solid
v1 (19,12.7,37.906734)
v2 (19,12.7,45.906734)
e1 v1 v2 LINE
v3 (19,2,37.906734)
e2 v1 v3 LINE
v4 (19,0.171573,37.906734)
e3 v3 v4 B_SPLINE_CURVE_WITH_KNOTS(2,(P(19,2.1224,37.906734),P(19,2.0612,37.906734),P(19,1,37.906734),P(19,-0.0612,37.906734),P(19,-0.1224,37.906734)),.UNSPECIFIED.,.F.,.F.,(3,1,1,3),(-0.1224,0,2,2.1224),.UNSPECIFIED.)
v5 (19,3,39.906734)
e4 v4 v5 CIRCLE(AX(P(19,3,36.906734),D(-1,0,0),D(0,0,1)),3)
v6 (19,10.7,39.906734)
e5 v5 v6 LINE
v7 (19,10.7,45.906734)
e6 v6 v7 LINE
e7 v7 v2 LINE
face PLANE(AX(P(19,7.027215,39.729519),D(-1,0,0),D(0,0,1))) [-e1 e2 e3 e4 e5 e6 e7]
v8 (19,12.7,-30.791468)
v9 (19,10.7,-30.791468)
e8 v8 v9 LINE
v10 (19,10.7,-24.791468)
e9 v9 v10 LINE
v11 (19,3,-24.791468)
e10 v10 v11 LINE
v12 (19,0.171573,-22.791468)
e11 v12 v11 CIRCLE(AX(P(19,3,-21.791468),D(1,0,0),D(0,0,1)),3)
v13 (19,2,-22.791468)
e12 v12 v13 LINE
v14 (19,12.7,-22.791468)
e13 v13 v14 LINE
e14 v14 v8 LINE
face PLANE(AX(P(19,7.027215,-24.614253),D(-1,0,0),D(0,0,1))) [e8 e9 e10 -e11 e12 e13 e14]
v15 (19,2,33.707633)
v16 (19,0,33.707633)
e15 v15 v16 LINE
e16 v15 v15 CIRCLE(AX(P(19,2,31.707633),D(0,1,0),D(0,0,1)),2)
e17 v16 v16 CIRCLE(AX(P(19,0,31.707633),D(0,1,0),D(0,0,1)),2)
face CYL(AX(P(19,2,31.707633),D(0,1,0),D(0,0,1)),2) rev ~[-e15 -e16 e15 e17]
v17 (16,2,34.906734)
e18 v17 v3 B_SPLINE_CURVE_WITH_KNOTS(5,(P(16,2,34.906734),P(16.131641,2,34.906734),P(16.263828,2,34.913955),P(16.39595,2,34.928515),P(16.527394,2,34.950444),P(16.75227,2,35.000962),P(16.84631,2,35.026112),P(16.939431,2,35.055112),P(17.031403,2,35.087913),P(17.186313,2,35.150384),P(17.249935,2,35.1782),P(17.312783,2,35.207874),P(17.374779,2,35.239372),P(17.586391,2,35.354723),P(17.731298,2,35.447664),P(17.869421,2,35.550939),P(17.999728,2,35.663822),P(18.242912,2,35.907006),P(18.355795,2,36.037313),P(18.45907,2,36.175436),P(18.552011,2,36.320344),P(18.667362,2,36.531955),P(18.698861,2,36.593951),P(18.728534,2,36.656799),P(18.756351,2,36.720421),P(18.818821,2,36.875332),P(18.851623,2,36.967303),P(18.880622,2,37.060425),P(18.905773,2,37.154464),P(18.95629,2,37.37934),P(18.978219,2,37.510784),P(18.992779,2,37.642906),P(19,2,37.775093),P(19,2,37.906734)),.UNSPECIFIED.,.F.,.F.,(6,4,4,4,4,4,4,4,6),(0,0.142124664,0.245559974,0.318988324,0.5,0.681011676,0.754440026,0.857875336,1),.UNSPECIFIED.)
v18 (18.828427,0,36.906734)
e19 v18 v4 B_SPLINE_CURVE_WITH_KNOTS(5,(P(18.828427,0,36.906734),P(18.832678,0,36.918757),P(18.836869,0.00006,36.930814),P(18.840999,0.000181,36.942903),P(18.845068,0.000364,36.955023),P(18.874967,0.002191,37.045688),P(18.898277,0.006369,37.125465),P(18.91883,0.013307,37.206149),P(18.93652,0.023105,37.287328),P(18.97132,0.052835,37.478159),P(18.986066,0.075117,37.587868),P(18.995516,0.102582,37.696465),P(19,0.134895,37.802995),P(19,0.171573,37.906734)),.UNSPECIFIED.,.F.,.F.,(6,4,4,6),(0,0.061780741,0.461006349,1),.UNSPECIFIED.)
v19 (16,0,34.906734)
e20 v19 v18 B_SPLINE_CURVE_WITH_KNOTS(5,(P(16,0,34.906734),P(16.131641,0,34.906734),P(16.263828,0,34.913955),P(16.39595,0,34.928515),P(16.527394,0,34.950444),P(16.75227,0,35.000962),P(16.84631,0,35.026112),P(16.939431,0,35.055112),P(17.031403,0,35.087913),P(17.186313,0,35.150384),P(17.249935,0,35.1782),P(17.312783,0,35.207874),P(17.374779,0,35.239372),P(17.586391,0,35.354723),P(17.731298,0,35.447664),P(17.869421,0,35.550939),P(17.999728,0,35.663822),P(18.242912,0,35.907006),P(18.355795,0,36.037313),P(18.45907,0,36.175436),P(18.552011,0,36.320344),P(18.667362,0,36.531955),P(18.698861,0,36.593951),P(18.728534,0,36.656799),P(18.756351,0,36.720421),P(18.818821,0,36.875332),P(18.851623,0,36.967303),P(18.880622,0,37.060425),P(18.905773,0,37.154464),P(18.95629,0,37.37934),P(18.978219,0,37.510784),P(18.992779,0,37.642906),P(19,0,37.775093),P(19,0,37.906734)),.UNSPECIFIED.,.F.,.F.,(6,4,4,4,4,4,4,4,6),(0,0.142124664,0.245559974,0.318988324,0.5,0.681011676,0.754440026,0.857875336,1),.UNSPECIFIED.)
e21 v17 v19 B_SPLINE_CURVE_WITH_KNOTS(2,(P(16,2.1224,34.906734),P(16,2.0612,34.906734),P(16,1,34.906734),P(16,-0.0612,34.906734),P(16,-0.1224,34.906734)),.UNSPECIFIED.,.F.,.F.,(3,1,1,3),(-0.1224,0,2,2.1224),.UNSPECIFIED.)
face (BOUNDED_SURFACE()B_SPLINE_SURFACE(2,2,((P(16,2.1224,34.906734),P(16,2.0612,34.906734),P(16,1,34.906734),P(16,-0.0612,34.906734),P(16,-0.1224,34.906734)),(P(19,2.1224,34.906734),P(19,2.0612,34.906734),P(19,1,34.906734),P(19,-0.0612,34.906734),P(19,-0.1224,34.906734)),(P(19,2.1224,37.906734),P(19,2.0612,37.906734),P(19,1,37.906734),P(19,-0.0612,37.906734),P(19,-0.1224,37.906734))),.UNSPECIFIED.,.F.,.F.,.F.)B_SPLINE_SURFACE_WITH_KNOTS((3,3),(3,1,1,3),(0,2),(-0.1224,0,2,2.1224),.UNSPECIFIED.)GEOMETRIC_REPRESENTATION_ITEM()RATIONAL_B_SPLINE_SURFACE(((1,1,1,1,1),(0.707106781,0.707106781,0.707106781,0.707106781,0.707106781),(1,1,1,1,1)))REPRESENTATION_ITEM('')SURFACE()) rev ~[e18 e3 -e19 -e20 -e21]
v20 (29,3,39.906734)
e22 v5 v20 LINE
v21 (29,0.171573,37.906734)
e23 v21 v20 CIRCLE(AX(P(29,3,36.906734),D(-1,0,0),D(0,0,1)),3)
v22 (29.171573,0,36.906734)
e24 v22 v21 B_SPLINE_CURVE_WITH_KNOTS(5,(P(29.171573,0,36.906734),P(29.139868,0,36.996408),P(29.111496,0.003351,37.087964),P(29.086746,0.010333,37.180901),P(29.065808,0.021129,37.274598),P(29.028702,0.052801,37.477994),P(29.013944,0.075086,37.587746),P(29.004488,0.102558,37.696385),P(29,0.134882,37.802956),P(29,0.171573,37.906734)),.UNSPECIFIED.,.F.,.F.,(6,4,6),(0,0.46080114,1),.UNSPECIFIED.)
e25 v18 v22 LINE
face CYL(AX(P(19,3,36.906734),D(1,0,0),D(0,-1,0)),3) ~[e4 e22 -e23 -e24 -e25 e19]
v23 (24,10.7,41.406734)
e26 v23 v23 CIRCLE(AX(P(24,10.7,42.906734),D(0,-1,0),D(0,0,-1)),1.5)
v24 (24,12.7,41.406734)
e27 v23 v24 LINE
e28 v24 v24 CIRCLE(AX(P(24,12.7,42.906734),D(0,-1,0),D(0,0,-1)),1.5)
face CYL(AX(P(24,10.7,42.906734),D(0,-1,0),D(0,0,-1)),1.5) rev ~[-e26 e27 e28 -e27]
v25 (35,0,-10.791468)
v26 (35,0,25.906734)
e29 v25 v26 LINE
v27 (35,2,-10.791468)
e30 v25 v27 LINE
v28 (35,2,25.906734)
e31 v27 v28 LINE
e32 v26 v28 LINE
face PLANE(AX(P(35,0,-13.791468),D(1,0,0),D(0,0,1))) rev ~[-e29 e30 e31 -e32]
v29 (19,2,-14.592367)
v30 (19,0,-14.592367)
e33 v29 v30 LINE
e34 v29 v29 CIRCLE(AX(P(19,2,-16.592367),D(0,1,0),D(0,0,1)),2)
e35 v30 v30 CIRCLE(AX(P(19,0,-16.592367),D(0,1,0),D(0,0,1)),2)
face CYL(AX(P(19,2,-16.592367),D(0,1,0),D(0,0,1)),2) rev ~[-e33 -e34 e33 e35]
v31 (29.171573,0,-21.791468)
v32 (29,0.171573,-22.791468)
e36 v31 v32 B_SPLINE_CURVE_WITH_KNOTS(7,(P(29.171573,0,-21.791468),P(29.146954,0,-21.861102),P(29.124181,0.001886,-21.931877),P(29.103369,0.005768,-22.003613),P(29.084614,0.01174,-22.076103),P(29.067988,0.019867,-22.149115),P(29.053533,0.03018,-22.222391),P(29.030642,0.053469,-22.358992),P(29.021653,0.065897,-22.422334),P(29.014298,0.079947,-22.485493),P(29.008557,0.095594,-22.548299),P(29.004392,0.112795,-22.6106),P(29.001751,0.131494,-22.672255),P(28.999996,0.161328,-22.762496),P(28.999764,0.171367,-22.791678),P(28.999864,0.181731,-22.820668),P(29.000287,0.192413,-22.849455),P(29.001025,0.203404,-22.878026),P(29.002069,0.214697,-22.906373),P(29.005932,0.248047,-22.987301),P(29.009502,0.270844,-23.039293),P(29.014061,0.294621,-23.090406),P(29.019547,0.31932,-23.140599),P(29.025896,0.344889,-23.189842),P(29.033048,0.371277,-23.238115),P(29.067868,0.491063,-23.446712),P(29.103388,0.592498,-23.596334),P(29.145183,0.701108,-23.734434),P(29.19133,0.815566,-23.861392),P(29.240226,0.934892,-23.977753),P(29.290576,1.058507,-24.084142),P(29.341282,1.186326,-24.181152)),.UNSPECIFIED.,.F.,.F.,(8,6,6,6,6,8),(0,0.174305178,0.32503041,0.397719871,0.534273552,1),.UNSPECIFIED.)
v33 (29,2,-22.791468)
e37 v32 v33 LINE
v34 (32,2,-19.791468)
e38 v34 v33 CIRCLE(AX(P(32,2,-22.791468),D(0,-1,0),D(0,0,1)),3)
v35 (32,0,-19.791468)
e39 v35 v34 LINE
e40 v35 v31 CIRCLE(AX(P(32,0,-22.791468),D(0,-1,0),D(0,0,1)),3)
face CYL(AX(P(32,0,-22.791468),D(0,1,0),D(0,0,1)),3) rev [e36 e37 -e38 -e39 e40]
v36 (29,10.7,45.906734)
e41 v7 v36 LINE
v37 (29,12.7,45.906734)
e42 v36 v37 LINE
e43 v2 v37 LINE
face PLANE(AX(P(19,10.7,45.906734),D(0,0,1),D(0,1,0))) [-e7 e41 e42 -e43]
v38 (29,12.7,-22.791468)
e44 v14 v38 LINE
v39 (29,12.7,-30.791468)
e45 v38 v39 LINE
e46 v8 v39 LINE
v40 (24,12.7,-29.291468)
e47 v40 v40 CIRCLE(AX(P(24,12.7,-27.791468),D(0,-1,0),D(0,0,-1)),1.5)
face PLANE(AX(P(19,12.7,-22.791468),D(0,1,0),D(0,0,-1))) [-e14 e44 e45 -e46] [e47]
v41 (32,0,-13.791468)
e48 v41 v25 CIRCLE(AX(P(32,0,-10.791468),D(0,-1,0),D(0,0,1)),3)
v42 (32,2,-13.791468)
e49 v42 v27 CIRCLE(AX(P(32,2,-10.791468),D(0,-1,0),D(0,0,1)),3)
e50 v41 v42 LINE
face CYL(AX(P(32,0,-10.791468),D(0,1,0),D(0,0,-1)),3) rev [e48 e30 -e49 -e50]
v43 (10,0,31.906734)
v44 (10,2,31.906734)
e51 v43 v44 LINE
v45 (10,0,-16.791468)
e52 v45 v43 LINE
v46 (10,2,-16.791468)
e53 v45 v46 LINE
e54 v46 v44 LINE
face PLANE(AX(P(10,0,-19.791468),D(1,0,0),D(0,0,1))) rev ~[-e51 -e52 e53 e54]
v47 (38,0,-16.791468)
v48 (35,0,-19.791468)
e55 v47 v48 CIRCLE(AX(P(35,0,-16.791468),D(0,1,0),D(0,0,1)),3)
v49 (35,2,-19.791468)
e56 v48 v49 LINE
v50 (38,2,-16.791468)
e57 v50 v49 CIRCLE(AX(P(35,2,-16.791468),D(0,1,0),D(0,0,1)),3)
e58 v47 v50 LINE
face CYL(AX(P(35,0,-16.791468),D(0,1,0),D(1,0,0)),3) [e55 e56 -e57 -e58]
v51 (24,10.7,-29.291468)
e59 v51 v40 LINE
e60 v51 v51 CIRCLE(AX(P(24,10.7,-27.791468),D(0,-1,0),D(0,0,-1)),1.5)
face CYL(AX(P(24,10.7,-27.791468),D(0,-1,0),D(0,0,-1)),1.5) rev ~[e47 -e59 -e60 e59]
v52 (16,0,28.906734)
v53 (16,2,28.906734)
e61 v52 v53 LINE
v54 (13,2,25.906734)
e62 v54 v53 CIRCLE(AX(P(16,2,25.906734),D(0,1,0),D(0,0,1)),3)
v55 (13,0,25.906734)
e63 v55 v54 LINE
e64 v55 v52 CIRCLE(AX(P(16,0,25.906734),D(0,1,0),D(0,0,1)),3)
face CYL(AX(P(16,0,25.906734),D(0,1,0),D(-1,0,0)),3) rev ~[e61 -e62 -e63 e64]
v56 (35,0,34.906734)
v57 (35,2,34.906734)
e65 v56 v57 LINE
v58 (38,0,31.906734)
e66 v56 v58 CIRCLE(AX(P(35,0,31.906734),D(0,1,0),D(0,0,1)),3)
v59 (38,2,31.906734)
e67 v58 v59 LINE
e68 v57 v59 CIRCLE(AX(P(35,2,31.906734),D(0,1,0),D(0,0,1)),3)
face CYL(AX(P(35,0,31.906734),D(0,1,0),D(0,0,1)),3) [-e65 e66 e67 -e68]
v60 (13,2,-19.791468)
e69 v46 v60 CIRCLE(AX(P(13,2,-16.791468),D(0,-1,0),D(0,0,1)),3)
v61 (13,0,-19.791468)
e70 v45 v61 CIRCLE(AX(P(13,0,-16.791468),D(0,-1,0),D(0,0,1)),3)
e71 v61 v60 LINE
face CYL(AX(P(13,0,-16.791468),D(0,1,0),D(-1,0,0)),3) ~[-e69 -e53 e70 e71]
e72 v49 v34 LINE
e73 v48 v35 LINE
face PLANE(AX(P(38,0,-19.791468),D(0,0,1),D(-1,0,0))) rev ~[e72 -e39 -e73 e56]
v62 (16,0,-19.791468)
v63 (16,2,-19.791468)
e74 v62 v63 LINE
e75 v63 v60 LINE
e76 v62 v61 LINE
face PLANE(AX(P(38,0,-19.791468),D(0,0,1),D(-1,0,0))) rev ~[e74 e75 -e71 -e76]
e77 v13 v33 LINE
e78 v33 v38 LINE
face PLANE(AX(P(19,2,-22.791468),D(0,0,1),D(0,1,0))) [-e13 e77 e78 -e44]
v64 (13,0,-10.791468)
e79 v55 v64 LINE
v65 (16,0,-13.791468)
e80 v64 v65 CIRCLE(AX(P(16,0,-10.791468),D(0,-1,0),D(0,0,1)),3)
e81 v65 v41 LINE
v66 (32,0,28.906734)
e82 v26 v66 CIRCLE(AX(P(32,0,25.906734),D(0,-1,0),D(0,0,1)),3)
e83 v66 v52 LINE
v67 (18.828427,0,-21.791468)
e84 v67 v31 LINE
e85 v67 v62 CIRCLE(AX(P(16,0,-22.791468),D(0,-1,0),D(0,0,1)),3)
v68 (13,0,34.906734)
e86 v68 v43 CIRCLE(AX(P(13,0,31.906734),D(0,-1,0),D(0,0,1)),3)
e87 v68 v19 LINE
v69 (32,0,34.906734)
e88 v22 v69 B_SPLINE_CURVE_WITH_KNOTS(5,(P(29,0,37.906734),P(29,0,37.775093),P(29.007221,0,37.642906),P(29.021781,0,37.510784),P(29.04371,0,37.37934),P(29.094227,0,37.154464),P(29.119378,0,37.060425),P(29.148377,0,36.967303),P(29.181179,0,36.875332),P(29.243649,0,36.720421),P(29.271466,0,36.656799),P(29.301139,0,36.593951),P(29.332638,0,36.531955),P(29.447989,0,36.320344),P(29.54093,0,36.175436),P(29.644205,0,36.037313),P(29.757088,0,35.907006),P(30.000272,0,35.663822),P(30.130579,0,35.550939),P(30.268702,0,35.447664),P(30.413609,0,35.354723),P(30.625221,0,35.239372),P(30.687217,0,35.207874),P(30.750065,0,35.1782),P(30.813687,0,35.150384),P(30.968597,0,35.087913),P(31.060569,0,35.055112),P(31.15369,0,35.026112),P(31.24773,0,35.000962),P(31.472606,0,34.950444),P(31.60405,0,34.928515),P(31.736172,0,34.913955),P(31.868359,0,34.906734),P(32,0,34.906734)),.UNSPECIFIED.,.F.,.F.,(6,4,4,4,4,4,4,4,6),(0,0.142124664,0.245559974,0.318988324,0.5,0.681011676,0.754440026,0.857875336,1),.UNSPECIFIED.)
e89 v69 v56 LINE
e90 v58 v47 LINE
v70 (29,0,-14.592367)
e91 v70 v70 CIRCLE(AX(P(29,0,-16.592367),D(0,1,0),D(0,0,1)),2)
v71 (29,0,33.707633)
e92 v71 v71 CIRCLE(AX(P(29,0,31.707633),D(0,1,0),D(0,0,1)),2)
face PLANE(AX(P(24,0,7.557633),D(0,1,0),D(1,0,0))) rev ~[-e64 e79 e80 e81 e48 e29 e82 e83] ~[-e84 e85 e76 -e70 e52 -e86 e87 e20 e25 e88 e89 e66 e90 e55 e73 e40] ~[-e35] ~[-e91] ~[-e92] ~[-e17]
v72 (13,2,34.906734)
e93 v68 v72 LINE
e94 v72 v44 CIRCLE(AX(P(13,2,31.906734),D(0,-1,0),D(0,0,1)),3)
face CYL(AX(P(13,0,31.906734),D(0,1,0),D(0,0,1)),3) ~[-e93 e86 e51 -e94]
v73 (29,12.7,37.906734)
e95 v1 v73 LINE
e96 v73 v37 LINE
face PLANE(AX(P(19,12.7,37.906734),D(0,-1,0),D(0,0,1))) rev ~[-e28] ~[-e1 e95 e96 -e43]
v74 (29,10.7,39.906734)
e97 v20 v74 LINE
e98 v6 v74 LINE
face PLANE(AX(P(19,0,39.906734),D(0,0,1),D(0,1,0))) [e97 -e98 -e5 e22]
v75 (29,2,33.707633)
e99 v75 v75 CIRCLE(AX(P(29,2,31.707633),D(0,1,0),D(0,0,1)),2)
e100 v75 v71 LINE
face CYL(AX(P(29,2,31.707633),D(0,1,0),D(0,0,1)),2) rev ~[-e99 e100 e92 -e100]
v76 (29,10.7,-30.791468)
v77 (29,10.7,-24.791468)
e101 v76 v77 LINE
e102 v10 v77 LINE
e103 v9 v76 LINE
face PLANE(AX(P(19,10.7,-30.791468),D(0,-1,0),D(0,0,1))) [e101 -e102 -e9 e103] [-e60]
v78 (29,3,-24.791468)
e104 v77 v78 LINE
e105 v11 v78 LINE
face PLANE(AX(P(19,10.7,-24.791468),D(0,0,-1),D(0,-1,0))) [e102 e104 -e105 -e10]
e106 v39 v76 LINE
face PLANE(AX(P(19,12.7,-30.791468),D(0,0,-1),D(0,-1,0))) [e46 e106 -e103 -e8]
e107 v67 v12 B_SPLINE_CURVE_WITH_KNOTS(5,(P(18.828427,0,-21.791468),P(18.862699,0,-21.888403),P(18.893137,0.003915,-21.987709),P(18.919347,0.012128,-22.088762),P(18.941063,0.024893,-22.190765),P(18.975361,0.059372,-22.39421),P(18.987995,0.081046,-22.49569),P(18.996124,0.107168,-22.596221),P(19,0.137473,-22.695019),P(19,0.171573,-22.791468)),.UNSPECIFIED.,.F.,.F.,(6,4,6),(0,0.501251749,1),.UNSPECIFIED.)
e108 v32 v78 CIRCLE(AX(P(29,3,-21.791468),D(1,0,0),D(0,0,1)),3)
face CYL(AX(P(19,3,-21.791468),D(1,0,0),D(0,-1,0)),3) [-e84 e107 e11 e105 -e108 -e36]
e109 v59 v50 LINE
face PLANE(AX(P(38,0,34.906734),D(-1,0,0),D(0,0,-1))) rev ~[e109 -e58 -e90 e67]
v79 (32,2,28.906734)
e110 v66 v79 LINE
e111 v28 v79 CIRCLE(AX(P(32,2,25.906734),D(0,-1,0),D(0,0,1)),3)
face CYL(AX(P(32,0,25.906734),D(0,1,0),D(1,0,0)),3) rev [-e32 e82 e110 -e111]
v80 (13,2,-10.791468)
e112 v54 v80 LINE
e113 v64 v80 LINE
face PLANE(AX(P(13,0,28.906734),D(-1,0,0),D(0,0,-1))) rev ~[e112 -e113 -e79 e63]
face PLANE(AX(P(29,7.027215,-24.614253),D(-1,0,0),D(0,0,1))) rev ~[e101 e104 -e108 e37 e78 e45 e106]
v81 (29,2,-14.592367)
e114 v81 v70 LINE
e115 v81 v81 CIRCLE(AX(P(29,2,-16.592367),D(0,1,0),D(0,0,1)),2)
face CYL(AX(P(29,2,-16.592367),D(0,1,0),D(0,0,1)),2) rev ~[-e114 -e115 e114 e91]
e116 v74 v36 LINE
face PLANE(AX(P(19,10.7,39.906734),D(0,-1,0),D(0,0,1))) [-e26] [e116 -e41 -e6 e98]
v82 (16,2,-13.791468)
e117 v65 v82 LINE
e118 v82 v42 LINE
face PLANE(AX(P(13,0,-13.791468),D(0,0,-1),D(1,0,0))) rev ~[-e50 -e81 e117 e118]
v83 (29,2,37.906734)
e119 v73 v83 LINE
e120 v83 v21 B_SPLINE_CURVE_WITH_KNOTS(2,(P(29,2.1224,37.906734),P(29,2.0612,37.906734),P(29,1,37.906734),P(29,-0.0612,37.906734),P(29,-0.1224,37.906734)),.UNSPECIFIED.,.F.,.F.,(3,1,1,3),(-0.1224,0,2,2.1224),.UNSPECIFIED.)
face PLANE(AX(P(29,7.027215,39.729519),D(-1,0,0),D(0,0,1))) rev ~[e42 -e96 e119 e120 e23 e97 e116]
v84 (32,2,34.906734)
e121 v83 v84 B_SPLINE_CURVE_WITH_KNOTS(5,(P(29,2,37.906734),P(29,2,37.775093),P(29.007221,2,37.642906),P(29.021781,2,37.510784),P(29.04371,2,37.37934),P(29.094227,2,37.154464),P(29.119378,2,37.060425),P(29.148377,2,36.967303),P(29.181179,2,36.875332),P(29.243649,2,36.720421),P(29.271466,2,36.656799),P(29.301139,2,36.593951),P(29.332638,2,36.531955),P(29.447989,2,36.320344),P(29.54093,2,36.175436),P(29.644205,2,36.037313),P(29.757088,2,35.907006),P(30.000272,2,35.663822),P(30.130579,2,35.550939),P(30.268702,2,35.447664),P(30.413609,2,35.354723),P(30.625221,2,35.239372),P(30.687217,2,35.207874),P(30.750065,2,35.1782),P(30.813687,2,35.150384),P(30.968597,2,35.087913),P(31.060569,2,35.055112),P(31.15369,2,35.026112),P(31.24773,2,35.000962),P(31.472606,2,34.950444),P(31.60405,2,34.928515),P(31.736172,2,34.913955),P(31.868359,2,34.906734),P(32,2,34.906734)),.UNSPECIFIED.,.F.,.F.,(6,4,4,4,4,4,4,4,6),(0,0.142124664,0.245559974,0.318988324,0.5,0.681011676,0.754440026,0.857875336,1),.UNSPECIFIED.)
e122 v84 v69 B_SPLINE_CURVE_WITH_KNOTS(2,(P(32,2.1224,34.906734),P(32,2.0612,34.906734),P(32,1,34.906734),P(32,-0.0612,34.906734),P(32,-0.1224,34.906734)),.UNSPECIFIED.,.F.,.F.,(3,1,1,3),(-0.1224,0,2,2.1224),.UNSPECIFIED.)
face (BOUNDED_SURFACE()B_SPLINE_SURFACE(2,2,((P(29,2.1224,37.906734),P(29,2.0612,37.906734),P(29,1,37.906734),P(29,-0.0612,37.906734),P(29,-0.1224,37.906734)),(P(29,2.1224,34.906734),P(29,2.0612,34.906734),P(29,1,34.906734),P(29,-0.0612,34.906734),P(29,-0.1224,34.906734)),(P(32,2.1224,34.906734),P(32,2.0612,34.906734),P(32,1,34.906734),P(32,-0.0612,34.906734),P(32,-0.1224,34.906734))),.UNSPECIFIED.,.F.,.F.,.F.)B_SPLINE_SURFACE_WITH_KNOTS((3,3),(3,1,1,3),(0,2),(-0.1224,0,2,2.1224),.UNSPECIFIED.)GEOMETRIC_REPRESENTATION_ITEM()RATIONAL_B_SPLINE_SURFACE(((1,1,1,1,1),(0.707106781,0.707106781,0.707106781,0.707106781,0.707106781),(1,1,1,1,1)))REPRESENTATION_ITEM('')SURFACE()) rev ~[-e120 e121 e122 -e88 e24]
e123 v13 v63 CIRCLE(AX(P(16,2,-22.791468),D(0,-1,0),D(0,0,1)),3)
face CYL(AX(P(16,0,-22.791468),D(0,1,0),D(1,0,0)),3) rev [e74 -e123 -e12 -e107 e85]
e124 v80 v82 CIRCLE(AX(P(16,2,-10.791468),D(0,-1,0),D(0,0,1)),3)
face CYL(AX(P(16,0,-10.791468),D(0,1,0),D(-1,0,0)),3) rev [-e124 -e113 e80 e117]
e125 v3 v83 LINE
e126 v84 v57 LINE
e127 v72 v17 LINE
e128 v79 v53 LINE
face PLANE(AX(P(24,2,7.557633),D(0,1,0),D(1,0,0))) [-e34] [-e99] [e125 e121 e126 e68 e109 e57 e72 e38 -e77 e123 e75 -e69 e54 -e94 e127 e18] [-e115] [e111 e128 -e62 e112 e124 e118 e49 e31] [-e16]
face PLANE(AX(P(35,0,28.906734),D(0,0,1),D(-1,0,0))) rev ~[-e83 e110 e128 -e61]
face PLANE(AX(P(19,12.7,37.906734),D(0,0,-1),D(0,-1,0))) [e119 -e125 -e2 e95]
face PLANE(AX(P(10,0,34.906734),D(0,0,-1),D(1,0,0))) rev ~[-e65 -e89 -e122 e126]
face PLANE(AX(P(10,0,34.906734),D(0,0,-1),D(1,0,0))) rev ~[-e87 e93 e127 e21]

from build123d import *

# Parameters (mm, degrees)
BOSS_EXTRUDE2_DEPTH      = 2
SKETCH3_R                = 2
CUT_EXTRUDE1_DEPTH       = 2
BOSS_EXTRUDE3_DEPTH      = 5
BOSS_EXTRUDE3_DEPTH_BACK = 5
BOSS_EXTRUDE3_START      = -14
BOSS_EXTRUDE4_START      = -19
BOSS_EXTRUDE4_DEPTH      = 10
SKETCH5_R                = 1.5
CUT_EXTRUDE2_DEPTH       = 5
FILLET1_R                = 3
FILLET2_R                = 3


with BuildPart() as part:
    # Sketch2 → Boss-Extrude2 (new body)
    with BuildSketch(Plane(origin=(0, 0, -0.175945046), x_dir=(1, 0, 0), z_dir=(0, 1, 0))):
        Polygon((10, 12.615523277), (10, -28.082679321), (10, -35.082679321), (38, -35.082679321), (38, -28.082679321), (38, 12.615523277), (38, 19.615523277), (10, 19.615523277), align=None)
        Polygon((13, -7.733578022), (13, 12.615523277), (13, 13.615523277), (35, 13.615523277), (35, 12.615523277), (35, -7.733578022), (35, -28.082679321), (35, -29.082679321), (13, -29.082679321), (13, -28.082679321), align=None, mode=Mode.SUBTRACT)
    extrude(amount=BOSS_EXTRUDE2_DEPTH)

    # Sketch3 → Cut-Extrude1 (cut)
    with BuildSketch(Plane(origin=(0, 2, 0), x_dir=(1, 0, 0), z_dir=(0, 1, 0))):
        with Locations(Location((29, -31.707632976, 0), (0, 0, 270))):
            Circle(SKETCH3_R)
        with Locations(Location((19, -31.707632976, 0), (0, 0, 270))):
            Circle(SKETCH3_R)
        with Locations(Location((19, 16.592367024, 0), (0, 0, 270))):
            Circle(SKETCH3_R)
        with Locations(Location((29, 16.592367024, 0), (0, 0, 270))):
            Circle(SKETCH3_R)
    extrude(amount=-CUT_EXTRUDE1_DEPTH, mode=Mode.SUBTRACT)

    # Sketch4 → Boss-Extrude3 (add, two sides: drawn at the far end of the back side and taken through both)
    with BuildSketch(Plane(origin=(38, 0, 0), x_dir=(0, 0, -1), z_dir=(1, 0, 0)).offset(BOSS_EXTRUDE3_START - BOSS_EXTRUDE3_DEPTH_BACK)):
        Polygon((-34.906734274, 0), (-39.906734274, 0), (-39.906734274, 10.7), (-45.906734274, 10.7), (-45.906734274, 12.7), (-40.011651192, 12.7), (-37.906734274, 12.7), (-37.906734274, 2), (-34.906734274, 2), align=None)
    extrude(amount=BOSS_EXTRUDE3_DEPTH + BOSS_EXTRUDE3_DEPTH_BACK)

    # Sketch6 → Boss-Extrude4 (add)
    with BuildSketch(Plane(origin=(38, 0, 0), x_dir=(0, 0, -1), z_dir=(1, 0, 0)).offset(BOSS_EXTRUDE4_START)):
        Polygon((24.791468323, 0), (19.791468323, 0), (19.791468323, 2), (22.791468323, 2), (22.791468323, 12.7), (30.791468323, 12.7), (30.791468323, 10.7), (24.791468323, 10.7), align=None)
    extrude(amount=BOSS_EXTRUDE4_DEPTH)

    # Sketch5 → Cut-Extrude2 (cut)
    with BuildSketch(Plane.XZ.offset(-10.7)):
        with Locations(Location((24, -27.791468323, 0), (0, 0, 270))):
            Circle(SKETCH5_R)
        with Locations(Location((24, 42.906734274, 0), (0, 0, 270))):
            Circle(SKETCH5_R)
    extrude(amount=-CUT_EXTRUDE2_DEPTH, mode=Mode.SUBTRACT)

    # Fillet1
    fillet1_edges = [part.edges().sort_by_distance(p)[0] for p in [
        (38, 1, 34.906734274),
        (10, 1, 34.906734274),
        (10, 1, -19.791468323),
        (35, 1, 28.906734274),
        (35, 1, -13.791468323),
        (13, 1, 28.906734274),
        (13, 1, -13.791468323),
        (38, 1, -19.791468323),
        (29, 1, -19.791468323),
        (19, 1, -19.791468323),
        (19, 1, 34.906734274),
        (29, 1, 34.906734274),
    ]]
    fillet(fillet1_edges, radius=FILLET1_R)

    # Fillet2
    fillet2_edges = [part.edges().sort_by_distance(p)[0] for p in [
        (24, 0, -24.791468323),
        (24, 0, 39.906734274),
    ]]
    fillet(fillet2_edges, radius=FILLET2_R)


solid = part.part
